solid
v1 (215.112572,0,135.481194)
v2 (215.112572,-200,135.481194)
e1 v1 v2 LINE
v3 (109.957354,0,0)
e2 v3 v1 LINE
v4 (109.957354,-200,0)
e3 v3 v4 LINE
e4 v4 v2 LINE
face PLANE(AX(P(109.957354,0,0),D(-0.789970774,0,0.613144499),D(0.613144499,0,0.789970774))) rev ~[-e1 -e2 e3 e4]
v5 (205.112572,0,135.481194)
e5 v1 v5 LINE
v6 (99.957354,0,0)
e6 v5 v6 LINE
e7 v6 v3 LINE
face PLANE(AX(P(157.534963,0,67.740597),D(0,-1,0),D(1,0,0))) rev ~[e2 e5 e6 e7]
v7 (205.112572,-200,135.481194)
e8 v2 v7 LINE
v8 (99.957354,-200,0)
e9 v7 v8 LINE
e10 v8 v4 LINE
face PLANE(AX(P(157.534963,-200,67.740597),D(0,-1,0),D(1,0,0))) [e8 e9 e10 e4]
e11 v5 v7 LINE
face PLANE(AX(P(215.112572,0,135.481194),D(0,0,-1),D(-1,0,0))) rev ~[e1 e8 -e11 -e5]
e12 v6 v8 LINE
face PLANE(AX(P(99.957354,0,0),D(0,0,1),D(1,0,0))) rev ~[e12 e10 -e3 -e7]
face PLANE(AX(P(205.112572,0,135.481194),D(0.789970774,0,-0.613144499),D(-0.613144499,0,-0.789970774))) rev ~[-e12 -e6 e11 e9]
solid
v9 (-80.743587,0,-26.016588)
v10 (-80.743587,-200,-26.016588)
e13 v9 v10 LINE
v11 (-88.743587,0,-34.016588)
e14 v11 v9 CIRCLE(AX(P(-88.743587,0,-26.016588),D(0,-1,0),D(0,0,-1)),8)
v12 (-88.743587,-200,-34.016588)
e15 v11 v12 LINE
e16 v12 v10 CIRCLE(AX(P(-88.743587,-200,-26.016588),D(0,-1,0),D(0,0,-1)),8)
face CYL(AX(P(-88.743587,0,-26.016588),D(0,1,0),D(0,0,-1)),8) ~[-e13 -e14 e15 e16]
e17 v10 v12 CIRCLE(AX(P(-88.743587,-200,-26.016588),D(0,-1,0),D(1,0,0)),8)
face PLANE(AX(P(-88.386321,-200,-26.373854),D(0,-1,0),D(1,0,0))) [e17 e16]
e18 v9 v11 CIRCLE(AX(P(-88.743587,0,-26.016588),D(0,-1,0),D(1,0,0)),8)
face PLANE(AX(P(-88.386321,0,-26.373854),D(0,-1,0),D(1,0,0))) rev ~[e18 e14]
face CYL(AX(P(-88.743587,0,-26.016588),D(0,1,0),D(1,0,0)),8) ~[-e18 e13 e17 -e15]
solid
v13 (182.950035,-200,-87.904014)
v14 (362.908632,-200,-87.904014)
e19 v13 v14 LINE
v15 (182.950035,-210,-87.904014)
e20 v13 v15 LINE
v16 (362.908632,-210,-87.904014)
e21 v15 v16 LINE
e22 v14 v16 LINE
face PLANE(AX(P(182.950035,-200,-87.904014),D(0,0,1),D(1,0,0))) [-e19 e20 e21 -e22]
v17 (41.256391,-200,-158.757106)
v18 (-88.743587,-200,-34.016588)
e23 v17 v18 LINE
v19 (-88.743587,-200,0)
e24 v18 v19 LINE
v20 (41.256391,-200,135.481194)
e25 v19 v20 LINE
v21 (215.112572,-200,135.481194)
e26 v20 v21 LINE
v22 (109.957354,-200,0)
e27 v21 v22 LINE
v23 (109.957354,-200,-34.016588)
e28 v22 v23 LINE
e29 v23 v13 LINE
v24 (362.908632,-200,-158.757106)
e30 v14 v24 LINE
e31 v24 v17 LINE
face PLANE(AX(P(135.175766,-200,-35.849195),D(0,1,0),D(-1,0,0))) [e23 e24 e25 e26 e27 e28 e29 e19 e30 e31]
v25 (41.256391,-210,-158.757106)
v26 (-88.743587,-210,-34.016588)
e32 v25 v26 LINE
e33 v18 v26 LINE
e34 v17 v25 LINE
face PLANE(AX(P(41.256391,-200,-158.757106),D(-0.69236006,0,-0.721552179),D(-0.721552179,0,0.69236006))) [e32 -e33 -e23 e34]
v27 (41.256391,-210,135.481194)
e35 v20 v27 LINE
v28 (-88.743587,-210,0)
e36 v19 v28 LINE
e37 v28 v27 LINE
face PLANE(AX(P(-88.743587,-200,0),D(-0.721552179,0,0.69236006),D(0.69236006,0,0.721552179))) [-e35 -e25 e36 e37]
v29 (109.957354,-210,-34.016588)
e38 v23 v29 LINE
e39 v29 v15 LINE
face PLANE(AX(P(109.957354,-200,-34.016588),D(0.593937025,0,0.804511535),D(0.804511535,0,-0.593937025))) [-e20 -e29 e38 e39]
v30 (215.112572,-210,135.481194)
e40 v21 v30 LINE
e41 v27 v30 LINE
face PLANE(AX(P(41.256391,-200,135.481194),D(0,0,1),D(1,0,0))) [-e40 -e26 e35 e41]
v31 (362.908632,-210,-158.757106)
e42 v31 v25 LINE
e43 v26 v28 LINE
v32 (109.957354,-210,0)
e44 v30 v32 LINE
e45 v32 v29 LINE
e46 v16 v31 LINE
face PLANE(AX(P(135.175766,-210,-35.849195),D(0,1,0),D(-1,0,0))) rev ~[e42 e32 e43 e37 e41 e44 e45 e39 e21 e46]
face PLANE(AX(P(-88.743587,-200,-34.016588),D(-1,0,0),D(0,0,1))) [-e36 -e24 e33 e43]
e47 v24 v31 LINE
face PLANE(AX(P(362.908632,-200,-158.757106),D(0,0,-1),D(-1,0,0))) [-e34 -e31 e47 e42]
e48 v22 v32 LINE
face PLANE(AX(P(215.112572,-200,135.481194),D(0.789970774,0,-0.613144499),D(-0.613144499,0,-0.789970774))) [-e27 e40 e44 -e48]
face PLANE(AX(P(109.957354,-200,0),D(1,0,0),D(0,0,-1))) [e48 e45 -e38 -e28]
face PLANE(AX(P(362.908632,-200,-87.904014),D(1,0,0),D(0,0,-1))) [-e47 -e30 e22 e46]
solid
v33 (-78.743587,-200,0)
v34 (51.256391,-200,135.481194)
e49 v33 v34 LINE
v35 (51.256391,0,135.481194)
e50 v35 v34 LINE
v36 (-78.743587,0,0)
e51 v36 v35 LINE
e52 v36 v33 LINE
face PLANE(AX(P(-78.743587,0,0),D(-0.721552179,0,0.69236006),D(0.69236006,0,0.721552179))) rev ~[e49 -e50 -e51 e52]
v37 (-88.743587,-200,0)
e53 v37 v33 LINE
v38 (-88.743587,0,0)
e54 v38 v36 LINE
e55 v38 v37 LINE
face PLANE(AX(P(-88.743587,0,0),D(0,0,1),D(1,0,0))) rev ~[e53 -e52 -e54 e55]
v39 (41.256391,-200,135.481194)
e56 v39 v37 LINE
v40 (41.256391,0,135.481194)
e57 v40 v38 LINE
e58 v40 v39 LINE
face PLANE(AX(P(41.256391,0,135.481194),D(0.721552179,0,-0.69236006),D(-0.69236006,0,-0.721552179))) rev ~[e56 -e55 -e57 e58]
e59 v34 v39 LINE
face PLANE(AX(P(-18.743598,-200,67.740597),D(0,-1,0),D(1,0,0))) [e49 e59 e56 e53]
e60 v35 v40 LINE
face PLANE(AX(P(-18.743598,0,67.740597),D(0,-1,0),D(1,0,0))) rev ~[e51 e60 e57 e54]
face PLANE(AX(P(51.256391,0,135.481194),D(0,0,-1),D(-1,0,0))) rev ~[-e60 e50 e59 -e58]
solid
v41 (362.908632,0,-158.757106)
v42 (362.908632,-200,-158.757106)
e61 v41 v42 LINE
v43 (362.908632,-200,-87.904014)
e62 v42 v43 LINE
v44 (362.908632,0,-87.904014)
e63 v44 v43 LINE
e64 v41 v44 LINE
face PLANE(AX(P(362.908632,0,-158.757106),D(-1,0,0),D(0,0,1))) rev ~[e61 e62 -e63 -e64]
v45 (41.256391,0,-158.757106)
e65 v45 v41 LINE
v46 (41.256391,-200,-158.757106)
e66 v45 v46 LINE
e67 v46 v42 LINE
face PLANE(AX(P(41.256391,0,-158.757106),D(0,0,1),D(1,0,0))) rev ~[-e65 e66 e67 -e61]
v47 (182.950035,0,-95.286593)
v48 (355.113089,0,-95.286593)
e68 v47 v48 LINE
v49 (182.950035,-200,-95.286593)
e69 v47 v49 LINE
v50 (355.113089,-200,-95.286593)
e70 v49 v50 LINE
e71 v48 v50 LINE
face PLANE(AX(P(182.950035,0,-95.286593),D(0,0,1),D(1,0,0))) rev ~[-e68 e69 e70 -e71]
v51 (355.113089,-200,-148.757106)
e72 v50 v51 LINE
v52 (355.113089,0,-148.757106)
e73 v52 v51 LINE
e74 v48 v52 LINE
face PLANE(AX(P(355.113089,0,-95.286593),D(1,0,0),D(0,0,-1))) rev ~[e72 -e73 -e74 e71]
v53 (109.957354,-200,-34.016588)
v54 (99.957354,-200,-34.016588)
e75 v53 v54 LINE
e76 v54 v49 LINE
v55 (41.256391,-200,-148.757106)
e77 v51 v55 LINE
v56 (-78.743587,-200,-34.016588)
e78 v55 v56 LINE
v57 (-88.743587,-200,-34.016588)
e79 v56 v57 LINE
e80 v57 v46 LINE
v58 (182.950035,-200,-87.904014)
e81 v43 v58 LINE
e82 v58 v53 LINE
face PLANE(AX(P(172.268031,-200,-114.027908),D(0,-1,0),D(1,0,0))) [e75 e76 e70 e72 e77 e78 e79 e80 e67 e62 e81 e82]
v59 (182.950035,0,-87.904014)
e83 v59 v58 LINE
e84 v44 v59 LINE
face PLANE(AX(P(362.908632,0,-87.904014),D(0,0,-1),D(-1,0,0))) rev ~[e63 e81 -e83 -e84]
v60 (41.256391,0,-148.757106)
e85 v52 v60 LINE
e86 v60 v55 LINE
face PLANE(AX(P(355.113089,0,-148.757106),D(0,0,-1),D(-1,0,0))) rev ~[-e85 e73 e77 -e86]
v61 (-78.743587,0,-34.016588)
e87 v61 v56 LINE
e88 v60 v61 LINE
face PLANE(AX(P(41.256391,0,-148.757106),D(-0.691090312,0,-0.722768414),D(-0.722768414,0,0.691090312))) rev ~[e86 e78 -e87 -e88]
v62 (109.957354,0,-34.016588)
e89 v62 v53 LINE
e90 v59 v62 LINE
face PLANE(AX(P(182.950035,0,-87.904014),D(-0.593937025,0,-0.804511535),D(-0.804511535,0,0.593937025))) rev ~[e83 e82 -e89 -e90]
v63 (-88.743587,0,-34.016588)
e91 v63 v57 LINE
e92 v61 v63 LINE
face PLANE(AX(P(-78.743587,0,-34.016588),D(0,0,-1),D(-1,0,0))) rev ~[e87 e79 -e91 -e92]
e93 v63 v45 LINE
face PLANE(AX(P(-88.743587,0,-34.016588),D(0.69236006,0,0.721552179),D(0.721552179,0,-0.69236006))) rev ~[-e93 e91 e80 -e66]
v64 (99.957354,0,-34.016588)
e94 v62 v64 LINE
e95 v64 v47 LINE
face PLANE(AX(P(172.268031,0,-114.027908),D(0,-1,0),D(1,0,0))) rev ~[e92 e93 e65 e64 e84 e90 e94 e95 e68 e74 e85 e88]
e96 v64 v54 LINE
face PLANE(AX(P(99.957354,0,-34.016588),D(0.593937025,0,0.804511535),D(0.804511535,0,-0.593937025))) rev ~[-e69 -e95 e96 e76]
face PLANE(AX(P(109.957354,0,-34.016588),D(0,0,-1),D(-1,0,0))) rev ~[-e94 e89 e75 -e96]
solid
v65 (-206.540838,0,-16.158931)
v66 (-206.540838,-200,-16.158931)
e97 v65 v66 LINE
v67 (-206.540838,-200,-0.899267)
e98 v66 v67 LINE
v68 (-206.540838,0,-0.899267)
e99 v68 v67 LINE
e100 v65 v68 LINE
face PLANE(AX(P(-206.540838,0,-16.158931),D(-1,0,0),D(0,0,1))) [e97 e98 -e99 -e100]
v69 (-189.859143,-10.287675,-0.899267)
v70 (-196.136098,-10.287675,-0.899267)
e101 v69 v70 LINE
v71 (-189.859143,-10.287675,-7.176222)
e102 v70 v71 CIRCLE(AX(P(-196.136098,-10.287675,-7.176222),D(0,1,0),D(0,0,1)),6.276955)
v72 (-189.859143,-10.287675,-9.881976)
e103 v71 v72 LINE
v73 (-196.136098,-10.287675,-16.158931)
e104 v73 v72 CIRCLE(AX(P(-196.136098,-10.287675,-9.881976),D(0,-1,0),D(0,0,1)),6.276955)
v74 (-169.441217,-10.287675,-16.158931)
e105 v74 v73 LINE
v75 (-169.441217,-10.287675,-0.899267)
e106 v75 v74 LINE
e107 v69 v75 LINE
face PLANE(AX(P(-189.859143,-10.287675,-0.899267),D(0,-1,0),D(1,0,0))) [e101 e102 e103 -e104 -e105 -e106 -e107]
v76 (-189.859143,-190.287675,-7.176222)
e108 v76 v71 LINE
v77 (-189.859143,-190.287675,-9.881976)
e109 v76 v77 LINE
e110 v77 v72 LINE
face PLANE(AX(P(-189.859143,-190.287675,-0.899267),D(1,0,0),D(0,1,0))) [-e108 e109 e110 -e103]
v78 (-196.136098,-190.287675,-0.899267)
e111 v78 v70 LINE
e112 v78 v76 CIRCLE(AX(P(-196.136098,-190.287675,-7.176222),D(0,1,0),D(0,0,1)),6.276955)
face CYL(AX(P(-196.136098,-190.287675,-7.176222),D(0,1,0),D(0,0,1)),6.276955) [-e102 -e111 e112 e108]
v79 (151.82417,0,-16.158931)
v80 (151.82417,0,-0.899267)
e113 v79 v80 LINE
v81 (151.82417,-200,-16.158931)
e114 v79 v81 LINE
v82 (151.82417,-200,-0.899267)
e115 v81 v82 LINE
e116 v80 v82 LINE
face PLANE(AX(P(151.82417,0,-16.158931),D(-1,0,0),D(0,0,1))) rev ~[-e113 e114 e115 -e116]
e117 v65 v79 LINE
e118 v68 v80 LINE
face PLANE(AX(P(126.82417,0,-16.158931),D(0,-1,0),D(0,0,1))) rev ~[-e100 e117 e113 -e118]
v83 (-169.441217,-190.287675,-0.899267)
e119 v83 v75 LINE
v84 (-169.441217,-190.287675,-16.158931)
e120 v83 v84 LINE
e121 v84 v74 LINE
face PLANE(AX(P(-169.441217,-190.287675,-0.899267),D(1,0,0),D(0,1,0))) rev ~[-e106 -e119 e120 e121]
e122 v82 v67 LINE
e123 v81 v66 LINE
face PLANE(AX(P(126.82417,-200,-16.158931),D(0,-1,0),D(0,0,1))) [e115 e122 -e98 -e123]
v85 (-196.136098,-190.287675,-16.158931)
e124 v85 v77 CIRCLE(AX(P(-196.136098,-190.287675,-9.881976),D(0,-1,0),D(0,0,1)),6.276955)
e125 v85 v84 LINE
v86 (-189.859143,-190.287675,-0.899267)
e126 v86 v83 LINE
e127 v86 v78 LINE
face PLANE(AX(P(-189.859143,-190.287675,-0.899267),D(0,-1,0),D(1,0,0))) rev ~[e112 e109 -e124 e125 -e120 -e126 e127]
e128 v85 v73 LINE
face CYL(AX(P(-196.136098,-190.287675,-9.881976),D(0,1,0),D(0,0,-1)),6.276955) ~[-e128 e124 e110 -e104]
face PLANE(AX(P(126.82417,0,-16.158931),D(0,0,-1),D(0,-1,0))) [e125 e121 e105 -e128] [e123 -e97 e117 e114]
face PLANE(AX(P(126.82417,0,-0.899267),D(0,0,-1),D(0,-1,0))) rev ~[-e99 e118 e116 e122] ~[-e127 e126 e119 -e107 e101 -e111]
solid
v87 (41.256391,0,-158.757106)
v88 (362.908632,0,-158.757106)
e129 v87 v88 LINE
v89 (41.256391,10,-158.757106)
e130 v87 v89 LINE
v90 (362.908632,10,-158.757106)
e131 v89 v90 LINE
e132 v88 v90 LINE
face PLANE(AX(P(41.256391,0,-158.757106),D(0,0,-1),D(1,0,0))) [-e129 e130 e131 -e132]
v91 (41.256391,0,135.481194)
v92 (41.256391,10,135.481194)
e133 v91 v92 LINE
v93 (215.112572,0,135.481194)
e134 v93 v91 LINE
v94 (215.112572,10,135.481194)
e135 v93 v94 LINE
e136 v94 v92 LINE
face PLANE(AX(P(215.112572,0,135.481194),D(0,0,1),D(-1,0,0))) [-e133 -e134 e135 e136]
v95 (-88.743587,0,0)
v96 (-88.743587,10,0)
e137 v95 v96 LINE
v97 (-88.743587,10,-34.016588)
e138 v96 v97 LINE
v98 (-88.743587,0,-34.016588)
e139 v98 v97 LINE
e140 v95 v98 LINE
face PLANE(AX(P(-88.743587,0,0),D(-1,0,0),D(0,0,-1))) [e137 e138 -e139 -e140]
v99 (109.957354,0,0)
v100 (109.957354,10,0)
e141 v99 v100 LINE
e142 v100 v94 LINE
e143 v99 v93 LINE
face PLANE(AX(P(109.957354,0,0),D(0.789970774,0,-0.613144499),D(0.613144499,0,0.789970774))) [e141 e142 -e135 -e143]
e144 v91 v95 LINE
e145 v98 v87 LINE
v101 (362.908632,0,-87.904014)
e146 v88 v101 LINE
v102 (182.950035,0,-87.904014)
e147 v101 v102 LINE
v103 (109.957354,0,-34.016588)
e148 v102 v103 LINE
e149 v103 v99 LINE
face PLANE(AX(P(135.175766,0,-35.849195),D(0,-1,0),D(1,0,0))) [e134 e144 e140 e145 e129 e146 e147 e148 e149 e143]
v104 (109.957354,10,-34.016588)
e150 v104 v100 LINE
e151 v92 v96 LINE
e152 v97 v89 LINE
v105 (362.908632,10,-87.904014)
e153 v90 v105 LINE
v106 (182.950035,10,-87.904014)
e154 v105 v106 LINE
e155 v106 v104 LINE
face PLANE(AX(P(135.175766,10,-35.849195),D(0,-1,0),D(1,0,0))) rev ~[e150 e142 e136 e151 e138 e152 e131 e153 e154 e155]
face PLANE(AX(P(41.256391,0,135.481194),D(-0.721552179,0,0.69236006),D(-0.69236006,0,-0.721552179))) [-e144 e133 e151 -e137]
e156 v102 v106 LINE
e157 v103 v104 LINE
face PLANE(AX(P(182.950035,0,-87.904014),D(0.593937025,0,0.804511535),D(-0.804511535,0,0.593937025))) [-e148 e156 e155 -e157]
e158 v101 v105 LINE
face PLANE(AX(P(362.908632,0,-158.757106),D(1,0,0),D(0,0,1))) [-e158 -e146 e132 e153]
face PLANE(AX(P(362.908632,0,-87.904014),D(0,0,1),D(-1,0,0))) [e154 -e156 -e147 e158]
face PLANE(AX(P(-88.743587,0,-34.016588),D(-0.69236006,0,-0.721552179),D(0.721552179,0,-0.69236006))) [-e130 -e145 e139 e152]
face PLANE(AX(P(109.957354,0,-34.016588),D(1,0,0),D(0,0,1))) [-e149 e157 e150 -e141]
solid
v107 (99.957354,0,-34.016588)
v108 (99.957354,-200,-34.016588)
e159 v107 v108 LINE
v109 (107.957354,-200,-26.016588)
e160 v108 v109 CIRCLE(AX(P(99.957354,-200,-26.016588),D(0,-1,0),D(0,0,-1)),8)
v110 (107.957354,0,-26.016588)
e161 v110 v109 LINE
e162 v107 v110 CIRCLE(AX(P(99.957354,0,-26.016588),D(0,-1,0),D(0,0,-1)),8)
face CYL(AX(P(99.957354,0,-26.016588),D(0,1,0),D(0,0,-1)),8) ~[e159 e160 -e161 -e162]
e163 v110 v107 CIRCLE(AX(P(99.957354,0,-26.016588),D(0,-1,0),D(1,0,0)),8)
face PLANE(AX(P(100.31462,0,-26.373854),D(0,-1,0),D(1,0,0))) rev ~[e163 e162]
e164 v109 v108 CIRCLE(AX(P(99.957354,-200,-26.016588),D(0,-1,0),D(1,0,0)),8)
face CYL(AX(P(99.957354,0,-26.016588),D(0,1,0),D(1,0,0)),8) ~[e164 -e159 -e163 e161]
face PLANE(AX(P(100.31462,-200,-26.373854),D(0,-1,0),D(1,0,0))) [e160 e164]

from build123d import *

# Parameters (mm, degrees)
F1_DEPTH  = 200
F0_W      = 333.365008235
F0_H      = 15.2596643893
F2_W      = 20.4179258991
F2_H      = 180
F3_DEPTH  = 25
F4_R      = 6.2769552622
F7_DEPTH  = 10
F8_DEPTH  = 25
F11_DEPTH = 10


with BuildPart() as f1:
    # F0 (on Front) → F1 (new body)
    with BuildSketch(Plane.XZ):
        Polygon((41.2563910439, 135.4811938527), (-88.7435870727, 0), (-78.7435870727, 0), (51.2563910439, 135.4811938527), align=None)
    extrude(amount=F1_DEPTH)


with BuildPart() as f1b:
    # F0 (on Front) → F1, piece 2 (new body)
    with BuildSketch(Plane.XZ):
        Polygon((205.112572035, 135.4811938527), (99.9573543668, 0), (109.9573543668, 0), (215.112572035, 135.4811938527), align=None)
    extrude(amount=F1_DEPTH)


with BuildPart() as f1c:
    # F0 (on Front) → F1, piece 3 (new body)
    with BuildSketch(Plane.XZ):
        with BuildLine():
            ThreePointArc((-88.7435870727, -34.0165881674), (-83.0867328232, -31.6734424169), (-80.7435870727, -26.0165881674))
            ThreePointArc((-80.7435870727, -26.0165881674), (-94.4004413222, -20.3597339179), (-88.7435870727, -34.0165881674))
        make_face()
    extrude(amount=F1_DEPTH)


with BuildPart() as f1d:
    # F0 (on Front) → F1, piece 4 (new body)
    with BuildSketch(Plane.XZ):
        with BuildLine():
            ThreePointArc((107.9573543668, -26.0165881674), (94.3005001173, -20.3597339179), (99.9573543668, -34.0165881674))
            ThreePointArc((99.9573543668, -34.0165881674), (105.6142086163, -31.6734424169), (107.9573543668, -26.0165881674))
        make_face()
    extrude(amount=F1_DEPTH)


with BuildPart() as f1e:
    # F0 (on Front) → F1, piece 5 (new body)
    with BuildSketch(Plane.XZ):
        Polygon((-78.7435870727, -34.0165881674), (-88.7435870727, -34.0165881674), (41.2563910439, -158.7571062403), (362.9086315632, -158.7571062403), (362.9086315632, -87.9040136933), (182.9500347376, -87.9040136933), (109.9573543668, -34.0165881674), (99.9573543668, -34.0165881674), (182.9500347376, -95.2865930495), (355.1130890846, -95.2865930495), (355.1130890846, -148.7571062403), (41.2563910439, -148.7571062403), align=None)
    extrude(amount=F1_DEPTH)


with BuildPart() as f1f:
    # F0 (on Front) → F1, piece 6 (new body)
    with BuildSketch(Plane.XZ):
        with Locations((-39.8583337665, -8.5290987627)):
            Rectangle(F0_W, F0_H)
    extrude(amount=F1_DEPTH)

    # F2 (on face) → F3 (cut)
    with BuildSketch(Plane.XY.offset(-0.899266568)):
        with Locations((-179.6501800418, -100.2876753919)):
            Rectangle(F2_W, F2_H)
    extrude(amount=-F3_DEPTH, mode=Mode.SUBTRACT)

    # F4
    f4_edges = [f1f.edges().sort_by_distance(p)[0] for p in [
        (-189.859143, -100.287675, -0.899267),
        (-189.859143, -100.287675, -16.158931),
    ]]
    fillet(f4_edges, radius=F4_R)

    # F8 (add): a face of the model
    f8_faces = [f1f.faces().sort_by_distance(p)[0] for p in [
        (126.824170351, -100, -8.5290987627),
    ]]
    extrude(f8_faces, amount=F8_DEPTH)


with BuildPart() as f7:
    # F6 (on 3pt) → F7 (new body)
    with BuildSketch(Plane(origin=(0, -200, 0), x_dir=(-1, 0, 0), z_dir=(0, 1, 0))):
        Polygon((-41.2563910439, -158.7571062403), (88.7435870727, -34.0165881674), (88.7435870727, 0), (-41.2563910439, 135.4811938527), (-51.2563910439, 135.4811938527), (-205.112572035, 135.4811938527), (-215.112572035, 135.4811938527), (-109.9573543668, 0), (-109.9573543668, -34.0165881674), (-182.9500347376, -87.9040136933), (-362.9086315632, -87.9040136933), (-362.9086315632, -158.7571062403), align=None)
    extrude(amount=-F7_DEPTH)


with BuildPart() as f11:
    # F10 (on 3pt) → F11 (new body)
    with BuildSketch(Plane.XZ):
        Polygon((362.9086315632, -158.7571062403), (362.9086315632, -87.9040136933), (182.9500347376, -87.9040136933), (109.9573543668, -34.0165881674), (109.9573543668, 0), (215.112572035, 135.4811938527), (41.2563910439, 135.4811938527), (-88.7435870727, 0), (-88.7435870727, -34.0165881674), (41.2563910439, -158.7571062403), align=None)
    extrude(amount=-F11_DEPTH)


solid = Compound([f1.part, f1b.part, f1c.part, f1d.part, f1e.part, f1f.part, f7.part, f11.part])
